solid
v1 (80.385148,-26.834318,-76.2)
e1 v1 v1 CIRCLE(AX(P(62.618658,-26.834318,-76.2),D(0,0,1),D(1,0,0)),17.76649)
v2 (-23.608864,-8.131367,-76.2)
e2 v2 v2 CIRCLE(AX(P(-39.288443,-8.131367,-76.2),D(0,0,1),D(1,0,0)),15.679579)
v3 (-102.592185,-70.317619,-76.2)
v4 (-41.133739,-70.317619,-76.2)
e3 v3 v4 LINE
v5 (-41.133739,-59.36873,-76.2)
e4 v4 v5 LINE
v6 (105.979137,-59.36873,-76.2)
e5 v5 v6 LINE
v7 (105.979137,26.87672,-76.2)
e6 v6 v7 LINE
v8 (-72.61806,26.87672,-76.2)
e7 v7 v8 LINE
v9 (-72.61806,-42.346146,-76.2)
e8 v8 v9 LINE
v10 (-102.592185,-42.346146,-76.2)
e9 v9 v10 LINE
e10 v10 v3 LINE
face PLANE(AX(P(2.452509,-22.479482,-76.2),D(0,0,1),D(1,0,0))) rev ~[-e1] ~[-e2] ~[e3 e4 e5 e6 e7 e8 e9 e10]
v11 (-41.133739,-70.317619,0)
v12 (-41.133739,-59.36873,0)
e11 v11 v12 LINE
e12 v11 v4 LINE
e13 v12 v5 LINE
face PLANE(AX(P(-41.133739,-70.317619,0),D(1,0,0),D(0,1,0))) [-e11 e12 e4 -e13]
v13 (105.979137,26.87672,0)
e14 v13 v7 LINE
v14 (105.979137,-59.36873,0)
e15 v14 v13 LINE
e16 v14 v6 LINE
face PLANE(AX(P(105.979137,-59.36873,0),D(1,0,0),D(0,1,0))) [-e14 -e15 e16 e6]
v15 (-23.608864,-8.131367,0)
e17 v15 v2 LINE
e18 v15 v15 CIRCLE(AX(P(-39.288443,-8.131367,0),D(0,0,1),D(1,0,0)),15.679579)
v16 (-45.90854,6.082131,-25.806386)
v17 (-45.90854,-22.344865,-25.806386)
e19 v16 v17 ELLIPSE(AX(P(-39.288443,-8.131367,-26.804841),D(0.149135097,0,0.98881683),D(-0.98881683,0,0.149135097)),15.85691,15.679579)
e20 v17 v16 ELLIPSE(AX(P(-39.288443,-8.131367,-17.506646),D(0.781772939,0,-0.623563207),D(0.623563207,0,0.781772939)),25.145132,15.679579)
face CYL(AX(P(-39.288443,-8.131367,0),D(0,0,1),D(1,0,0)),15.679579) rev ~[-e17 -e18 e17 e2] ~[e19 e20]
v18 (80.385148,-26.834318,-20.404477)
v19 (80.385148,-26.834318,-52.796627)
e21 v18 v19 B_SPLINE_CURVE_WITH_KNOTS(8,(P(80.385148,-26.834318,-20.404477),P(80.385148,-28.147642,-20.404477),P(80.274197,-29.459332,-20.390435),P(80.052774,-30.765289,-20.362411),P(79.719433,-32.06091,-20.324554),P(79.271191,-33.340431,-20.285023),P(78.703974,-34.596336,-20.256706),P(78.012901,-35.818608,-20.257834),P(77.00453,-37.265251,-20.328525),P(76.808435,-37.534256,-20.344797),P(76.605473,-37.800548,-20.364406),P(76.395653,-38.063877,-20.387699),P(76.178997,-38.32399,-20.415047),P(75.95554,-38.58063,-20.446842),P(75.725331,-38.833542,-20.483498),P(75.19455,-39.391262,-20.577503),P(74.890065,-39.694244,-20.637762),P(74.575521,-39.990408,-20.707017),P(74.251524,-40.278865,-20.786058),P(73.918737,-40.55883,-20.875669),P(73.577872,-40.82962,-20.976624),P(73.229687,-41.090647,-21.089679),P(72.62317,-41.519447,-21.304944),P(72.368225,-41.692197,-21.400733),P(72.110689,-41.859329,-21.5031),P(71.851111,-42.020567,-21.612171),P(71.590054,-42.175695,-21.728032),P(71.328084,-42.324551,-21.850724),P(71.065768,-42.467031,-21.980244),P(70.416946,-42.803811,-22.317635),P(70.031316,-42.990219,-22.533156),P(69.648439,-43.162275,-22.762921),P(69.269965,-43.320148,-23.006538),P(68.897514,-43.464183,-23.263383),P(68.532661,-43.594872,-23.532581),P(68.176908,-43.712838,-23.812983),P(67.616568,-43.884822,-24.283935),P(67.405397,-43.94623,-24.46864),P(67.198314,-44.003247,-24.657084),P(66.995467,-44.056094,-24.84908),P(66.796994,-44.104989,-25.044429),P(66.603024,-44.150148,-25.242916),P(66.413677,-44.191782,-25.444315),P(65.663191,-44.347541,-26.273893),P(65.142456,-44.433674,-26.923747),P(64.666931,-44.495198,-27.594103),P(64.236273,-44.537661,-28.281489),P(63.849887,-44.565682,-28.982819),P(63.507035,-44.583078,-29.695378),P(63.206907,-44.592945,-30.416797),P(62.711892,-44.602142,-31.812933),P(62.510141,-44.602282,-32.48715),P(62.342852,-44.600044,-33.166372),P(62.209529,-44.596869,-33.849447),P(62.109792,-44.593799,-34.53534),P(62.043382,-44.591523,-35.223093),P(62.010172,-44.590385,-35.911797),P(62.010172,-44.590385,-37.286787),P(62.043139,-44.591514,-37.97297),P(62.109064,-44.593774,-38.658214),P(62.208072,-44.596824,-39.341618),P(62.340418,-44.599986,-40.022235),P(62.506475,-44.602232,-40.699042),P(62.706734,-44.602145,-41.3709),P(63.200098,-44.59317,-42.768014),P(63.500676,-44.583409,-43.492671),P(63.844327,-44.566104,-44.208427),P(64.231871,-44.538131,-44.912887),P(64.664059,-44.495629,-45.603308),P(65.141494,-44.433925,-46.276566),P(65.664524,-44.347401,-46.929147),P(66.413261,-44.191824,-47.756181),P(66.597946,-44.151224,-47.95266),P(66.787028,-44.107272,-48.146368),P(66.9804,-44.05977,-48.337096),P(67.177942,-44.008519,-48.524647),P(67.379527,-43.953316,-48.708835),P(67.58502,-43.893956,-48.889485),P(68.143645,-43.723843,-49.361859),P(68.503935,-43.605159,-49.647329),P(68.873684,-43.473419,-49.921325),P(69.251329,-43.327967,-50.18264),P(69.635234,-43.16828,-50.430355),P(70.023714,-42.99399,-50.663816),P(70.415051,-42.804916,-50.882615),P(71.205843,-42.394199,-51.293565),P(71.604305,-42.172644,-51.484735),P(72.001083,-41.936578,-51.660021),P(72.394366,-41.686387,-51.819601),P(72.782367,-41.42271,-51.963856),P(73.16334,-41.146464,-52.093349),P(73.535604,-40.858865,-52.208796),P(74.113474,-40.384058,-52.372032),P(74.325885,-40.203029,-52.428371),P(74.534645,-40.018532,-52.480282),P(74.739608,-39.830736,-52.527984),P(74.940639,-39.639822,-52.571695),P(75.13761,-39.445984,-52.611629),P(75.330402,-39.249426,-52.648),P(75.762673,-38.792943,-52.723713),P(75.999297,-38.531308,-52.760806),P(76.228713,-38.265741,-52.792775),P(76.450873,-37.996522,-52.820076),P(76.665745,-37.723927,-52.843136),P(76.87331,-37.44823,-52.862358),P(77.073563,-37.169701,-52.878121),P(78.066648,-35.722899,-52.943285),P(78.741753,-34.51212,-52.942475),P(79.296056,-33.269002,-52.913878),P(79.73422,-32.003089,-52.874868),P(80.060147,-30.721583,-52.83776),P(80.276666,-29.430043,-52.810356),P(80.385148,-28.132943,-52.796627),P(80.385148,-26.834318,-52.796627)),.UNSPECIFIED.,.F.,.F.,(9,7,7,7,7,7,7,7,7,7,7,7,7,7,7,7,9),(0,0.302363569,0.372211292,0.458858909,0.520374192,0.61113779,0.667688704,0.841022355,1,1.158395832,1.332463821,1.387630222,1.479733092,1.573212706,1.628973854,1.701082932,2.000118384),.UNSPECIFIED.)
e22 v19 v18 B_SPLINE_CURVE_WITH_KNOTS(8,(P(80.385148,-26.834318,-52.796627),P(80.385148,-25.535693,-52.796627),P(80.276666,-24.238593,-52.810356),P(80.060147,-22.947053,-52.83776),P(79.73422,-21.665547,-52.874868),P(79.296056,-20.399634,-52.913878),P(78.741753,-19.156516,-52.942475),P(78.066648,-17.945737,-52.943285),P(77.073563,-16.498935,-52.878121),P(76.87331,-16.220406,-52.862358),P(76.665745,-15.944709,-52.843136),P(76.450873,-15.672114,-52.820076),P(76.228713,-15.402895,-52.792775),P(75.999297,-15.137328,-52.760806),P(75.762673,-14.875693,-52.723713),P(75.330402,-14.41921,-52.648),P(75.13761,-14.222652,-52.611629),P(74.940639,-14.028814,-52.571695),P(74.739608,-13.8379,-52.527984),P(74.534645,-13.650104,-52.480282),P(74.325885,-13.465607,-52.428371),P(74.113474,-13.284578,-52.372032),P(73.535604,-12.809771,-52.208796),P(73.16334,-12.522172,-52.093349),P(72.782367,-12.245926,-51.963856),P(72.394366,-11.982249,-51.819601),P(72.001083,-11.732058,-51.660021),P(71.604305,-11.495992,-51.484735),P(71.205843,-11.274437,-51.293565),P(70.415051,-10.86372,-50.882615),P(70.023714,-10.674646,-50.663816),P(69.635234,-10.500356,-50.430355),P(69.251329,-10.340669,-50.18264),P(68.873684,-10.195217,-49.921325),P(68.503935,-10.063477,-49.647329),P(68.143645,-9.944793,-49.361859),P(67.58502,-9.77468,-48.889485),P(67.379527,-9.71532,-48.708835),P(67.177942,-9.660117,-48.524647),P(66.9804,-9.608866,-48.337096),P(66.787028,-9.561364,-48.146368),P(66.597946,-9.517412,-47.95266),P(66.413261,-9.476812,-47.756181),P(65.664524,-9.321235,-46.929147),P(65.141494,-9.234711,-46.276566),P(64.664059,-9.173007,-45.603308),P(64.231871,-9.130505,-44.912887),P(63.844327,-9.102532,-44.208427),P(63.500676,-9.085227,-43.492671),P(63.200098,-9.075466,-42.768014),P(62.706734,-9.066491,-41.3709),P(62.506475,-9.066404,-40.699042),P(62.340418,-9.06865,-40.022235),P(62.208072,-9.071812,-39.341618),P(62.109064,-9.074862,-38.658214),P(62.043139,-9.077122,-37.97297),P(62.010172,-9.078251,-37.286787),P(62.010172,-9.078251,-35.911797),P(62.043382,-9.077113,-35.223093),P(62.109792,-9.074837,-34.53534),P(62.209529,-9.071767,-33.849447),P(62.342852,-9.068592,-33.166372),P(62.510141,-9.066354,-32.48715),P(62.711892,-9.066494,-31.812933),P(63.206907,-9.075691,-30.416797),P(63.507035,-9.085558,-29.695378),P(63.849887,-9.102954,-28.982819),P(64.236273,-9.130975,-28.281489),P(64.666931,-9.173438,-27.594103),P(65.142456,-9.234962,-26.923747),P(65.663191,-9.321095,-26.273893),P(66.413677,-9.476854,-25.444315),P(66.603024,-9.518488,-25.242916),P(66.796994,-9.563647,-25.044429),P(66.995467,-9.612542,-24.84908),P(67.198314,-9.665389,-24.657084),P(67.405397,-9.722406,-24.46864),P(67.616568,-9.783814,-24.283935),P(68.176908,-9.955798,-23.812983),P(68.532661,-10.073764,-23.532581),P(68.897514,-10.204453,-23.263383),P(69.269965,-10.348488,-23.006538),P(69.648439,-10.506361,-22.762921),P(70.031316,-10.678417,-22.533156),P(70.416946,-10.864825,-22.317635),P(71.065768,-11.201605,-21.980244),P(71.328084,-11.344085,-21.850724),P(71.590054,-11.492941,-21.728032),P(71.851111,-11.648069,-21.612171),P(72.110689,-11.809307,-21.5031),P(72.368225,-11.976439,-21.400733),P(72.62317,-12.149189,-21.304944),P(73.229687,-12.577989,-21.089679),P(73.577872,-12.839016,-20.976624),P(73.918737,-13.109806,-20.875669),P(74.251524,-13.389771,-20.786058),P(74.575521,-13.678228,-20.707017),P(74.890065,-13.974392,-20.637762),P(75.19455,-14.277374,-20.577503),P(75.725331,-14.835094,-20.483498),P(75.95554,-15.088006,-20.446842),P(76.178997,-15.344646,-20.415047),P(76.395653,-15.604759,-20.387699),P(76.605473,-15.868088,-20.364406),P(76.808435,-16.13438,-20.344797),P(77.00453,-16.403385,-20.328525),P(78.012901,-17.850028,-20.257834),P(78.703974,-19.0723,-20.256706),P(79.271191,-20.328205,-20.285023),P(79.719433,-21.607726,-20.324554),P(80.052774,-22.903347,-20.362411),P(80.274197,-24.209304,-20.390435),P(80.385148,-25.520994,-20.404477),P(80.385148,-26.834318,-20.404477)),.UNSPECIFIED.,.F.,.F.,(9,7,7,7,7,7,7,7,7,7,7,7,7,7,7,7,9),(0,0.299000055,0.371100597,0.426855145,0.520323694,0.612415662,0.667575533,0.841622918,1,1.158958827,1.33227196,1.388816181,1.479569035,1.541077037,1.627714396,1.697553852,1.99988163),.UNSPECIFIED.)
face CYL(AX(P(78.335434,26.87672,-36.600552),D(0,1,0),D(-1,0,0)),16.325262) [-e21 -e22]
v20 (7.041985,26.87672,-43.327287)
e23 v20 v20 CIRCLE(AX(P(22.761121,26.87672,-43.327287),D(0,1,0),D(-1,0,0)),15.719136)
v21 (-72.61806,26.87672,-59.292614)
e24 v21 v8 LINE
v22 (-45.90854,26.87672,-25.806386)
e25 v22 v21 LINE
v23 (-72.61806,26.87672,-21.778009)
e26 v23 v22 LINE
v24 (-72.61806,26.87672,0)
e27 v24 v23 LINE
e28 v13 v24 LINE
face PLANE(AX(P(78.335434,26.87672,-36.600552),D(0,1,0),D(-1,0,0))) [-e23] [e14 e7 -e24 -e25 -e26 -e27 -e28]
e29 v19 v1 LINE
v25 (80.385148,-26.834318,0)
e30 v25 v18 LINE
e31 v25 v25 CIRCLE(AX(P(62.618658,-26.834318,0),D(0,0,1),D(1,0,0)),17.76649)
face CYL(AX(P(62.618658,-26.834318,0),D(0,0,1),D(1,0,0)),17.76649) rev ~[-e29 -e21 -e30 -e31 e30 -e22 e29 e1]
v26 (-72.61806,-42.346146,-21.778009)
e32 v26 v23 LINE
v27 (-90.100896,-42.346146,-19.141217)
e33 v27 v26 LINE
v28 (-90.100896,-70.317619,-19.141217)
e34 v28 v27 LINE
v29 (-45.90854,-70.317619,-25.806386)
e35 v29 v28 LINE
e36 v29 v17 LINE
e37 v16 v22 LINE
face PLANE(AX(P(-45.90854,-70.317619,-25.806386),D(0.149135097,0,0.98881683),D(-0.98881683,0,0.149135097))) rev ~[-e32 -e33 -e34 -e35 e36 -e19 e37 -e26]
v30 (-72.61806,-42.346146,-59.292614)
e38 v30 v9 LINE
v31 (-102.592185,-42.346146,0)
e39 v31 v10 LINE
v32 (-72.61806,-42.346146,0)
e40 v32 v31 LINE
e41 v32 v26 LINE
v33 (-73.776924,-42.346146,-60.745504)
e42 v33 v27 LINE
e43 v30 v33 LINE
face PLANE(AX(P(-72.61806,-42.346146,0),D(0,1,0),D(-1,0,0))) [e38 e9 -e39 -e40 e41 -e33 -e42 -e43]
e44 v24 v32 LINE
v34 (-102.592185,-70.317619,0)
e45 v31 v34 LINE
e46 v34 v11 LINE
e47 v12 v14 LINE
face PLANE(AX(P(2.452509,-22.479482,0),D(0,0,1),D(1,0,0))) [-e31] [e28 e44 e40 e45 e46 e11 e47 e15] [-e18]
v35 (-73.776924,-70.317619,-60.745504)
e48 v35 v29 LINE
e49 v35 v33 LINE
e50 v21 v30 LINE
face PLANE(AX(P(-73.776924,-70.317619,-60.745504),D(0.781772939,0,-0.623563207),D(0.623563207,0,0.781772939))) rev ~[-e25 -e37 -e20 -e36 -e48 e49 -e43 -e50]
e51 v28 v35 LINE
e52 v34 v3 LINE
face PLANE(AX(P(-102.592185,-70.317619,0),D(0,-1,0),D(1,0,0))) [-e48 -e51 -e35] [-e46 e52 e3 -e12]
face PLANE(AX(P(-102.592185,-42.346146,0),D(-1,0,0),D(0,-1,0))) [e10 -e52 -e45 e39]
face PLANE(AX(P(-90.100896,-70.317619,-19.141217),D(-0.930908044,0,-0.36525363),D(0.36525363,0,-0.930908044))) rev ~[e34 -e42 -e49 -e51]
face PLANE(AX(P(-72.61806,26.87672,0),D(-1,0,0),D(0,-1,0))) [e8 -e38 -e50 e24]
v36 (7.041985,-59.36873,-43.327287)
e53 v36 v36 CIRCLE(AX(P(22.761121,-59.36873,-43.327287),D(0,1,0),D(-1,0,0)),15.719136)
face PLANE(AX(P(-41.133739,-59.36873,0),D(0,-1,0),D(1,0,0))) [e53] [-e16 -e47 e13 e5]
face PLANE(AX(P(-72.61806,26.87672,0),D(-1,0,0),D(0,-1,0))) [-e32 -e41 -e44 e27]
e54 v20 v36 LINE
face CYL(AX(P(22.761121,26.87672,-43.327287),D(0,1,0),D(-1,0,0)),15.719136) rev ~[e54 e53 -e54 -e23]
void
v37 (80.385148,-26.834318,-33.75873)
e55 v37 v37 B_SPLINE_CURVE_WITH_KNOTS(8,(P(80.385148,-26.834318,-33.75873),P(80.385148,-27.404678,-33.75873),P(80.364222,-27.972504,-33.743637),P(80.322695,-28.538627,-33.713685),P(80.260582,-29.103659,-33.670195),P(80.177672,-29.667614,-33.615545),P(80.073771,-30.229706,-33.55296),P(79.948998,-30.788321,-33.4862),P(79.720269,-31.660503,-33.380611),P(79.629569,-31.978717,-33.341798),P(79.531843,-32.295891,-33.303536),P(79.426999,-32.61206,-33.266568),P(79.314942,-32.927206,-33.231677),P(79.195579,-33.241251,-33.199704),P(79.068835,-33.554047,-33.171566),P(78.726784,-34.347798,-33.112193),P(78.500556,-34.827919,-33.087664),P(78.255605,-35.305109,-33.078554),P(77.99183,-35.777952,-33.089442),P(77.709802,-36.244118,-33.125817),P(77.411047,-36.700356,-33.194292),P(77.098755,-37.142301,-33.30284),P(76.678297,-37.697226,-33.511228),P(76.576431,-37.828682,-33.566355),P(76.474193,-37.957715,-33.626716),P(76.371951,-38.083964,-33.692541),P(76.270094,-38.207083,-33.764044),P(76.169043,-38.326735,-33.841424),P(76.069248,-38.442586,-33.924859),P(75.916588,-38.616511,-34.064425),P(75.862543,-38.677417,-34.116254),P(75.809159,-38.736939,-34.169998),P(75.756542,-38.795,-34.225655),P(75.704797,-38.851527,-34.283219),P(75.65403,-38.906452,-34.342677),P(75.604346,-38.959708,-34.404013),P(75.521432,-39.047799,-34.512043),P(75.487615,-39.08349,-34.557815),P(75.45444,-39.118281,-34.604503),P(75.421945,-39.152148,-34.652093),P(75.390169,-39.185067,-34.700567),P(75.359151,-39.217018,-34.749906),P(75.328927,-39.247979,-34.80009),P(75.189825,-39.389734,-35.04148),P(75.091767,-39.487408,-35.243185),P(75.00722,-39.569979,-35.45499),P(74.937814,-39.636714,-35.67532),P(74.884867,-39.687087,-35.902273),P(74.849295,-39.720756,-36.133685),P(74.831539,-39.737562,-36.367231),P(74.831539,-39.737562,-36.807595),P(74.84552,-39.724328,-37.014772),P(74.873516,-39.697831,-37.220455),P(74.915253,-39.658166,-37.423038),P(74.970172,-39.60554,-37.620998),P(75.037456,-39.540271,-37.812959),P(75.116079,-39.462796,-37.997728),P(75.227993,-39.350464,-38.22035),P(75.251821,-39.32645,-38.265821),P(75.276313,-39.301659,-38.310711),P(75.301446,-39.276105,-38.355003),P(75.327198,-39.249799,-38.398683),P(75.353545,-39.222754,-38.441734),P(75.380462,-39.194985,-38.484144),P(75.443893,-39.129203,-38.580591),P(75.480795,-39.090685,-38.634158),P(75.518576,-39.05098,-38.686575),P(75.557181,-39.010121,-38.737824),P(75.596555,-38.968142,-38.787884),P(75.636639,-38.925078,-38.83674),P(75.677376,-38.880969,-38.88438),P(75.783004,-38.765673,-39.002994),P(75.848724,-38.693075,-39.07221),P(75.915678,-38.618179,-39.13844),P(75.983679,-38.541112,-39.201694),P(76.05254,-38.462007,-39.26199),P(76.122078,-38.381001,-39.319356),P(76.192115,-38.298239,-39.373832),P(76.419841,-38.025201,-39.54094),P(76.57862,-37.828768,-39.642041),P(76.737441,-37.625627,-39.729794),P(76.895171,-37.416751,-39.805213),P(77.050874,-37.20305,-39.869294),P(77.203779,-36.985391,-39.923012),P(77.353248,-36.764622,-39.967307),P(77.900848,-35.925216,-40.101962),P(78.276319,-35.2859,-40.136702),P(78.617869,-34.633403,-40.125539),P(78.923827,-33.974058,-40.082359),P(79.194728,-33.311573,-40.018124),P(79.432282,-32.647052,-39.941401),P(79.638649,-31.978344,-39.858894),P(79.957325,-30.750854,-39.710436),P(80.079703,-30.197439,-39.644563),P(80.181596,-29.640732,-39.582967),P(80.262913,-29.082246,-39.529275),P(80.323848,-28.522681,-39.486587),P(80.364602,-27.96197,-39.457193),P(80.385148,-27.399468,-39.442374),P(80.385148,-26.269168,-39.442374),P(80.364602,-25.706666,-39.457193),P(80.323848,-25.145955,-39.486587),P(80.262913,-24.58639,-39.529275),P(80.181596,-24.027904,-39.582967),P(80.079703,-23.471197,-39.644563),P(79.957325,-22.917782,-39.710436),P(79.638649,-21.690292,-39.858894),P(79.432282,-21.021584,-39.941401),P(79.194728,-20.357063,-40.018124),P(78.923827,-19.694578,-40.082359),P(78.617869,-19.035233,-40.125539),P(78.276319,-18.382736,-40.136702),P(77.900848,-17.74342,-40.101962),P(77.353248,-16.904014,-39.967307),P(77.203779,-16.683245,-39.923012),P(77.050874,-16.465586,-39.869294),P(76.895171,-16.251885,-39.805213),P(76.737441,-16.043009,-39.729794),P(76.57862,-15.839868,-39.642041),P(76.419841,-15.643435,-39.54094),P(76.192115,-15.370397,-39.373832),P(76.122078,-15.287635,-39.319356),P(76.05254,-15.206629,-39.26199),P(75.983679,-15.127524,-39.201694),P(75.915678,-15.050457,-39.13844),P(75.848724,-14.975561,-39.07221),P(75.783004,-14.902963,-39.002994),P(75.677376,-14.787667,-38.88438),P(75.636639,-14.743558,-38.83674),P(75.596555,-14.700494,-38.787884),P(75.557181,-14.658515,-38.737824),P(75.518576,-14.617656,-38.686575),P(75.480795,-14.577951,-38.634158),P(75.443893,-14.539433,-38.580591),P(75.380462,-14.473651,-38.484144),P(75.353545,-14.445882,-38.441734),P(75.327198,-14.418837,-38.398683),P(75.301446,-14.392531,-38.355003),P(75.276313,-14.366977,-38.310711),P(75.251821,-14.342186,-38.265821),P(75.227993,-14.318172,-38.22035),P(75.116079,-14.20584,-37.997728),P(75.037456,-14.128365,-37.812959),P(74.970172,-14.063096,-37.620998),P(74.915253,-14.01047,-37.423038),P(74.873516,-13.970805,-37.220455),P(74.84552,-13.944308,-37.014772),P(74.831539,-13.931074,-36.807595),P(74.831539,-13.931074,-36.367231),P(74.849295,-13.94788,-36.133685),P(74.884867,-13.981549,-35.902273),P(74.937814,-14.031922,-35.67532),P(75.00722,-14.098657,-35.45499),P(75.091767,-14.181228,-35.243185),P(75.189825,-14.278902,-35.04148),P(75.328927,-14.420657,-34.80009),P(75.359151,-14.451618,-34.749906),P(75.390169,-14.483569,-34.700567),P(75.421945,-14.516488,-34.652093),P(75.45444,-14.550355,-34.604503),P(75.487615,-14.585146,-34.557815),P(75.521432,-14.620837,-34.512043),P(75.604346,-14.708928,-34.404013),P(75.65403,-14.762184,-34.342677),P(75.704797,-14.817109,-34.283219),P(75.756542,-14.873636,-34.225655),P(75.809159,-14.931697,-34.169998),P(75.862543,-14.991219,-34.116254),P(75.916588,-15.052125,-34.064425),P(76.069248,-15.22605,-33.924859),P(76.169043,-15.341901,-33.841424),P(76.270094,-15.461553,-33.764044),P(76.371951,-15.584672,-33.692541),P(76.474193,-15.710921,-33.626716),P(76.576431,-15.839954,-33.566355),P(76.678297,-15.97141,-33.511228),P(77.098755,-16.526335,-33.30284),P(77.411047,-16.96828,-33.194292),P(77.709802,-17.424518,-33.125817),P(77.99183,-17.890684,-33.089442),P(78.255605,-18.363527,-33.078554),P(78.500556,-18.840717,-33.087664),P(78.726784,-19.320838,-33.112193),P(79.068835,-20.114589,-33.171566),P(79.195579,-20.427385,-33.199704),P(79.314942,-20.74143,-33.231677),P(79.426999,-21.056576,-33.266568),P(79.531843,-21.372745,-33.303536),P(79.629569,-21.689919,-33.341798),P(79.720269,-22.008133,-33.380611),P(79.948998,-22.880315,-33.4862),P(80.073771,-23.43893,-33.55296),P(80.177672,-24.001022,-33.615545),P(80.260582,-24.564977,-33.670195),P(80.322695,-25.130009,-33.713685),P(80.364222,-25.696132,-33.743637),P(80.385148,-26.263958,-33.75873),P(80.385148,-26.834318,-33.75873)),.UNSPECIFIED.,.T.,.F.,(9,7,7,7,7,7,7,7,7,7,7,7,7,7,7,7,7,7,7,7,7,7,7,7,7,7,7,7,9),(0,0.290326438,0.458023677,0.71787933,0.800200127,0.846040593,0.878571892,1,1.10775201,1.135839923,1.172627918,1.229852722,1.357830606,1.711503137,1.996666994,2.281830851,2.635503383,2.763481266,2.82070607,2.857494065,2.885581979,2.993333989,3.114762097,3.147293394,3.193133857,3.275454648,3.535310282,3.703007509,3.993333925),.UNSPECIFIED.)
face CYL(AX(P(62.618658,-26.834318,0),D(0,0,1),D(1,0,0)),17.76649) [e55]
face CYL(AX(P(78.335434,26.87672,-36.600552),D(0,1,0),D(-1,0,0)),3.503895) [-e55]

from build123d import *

# Parameters (mm, degrees)
F0_R     = 17.76649
F0_R_2   = 15.679579
F1_DEPTH = 76.2
F3_DEPTH = 112.522
F4_R     = 15.719136
F5_DEPTH = 182.626
F6_R     = 16.325262
F6_R_2   = 3.503895
F7_DEPTH = 86.106


with BuildPart() as f1:
    # F0 (on Top) → F1 (new body)
    with BuildSketch(Plane.XY):
        Polygon((105.979137, 26.87672), (-72.61806, 26.87672), (-72.61806, -42.346146), (-102.592185, -42.346146), (-102.592185, -70.317619), (-41.133739, -70.317619), (-41.133739, -59.36873), (105.979137, -59.36873), align=None)
        with Locations((62.618658, -26.834318)):
            Circle(F0_R, mode=Mode.SUBTRACT)
        with Locations((-39.288443, -8.131367)):
            Circle(F0_R_2, mode=Mode.SUBTRACT)
    extrude(amount=-F1_DEPTH)

    # F2 (on face) → F3 (cut)
    with BuildSketch(Plane.XZ.offset(70.317619)):
        Polygon((-73.776924, -60.745504), (-45.90854, -25.806386), (-90.100896, -19.141217), align=None)
    extrude(amount=-F3_DEPTH, mode=Mode.SUBTRACT)

    # F4 (on face) → F5 (cut)
    with BuildSketch(Plane(origin=(0, 26.87672, 0), x_dir=(-1, 0, 0), z_dir=(0, 1, 0))):
        with Locations((-22.761121, -43.327287)):
            Circle(F4_R)
    extrude(amount=-F5_DEPTH, mode=Mode.SUBTRACT)

    # F6 (on face) → F7 (join)
    with BuildSketch(Plane(origin=(0, 26.87672, 0), x_dir=(-1, 0, 0), z_dir=(0, 1, 0))):
        with Locations((-78.335434, -36.600552)):
            Circle(F6_R)
        with Locations((-78.335434, -36.600552)):
            Circle(F6_R_2, mode=Mode.SUBTRACT)
    extrude(amount=-F7_DEPTH)


solid = f1.part
